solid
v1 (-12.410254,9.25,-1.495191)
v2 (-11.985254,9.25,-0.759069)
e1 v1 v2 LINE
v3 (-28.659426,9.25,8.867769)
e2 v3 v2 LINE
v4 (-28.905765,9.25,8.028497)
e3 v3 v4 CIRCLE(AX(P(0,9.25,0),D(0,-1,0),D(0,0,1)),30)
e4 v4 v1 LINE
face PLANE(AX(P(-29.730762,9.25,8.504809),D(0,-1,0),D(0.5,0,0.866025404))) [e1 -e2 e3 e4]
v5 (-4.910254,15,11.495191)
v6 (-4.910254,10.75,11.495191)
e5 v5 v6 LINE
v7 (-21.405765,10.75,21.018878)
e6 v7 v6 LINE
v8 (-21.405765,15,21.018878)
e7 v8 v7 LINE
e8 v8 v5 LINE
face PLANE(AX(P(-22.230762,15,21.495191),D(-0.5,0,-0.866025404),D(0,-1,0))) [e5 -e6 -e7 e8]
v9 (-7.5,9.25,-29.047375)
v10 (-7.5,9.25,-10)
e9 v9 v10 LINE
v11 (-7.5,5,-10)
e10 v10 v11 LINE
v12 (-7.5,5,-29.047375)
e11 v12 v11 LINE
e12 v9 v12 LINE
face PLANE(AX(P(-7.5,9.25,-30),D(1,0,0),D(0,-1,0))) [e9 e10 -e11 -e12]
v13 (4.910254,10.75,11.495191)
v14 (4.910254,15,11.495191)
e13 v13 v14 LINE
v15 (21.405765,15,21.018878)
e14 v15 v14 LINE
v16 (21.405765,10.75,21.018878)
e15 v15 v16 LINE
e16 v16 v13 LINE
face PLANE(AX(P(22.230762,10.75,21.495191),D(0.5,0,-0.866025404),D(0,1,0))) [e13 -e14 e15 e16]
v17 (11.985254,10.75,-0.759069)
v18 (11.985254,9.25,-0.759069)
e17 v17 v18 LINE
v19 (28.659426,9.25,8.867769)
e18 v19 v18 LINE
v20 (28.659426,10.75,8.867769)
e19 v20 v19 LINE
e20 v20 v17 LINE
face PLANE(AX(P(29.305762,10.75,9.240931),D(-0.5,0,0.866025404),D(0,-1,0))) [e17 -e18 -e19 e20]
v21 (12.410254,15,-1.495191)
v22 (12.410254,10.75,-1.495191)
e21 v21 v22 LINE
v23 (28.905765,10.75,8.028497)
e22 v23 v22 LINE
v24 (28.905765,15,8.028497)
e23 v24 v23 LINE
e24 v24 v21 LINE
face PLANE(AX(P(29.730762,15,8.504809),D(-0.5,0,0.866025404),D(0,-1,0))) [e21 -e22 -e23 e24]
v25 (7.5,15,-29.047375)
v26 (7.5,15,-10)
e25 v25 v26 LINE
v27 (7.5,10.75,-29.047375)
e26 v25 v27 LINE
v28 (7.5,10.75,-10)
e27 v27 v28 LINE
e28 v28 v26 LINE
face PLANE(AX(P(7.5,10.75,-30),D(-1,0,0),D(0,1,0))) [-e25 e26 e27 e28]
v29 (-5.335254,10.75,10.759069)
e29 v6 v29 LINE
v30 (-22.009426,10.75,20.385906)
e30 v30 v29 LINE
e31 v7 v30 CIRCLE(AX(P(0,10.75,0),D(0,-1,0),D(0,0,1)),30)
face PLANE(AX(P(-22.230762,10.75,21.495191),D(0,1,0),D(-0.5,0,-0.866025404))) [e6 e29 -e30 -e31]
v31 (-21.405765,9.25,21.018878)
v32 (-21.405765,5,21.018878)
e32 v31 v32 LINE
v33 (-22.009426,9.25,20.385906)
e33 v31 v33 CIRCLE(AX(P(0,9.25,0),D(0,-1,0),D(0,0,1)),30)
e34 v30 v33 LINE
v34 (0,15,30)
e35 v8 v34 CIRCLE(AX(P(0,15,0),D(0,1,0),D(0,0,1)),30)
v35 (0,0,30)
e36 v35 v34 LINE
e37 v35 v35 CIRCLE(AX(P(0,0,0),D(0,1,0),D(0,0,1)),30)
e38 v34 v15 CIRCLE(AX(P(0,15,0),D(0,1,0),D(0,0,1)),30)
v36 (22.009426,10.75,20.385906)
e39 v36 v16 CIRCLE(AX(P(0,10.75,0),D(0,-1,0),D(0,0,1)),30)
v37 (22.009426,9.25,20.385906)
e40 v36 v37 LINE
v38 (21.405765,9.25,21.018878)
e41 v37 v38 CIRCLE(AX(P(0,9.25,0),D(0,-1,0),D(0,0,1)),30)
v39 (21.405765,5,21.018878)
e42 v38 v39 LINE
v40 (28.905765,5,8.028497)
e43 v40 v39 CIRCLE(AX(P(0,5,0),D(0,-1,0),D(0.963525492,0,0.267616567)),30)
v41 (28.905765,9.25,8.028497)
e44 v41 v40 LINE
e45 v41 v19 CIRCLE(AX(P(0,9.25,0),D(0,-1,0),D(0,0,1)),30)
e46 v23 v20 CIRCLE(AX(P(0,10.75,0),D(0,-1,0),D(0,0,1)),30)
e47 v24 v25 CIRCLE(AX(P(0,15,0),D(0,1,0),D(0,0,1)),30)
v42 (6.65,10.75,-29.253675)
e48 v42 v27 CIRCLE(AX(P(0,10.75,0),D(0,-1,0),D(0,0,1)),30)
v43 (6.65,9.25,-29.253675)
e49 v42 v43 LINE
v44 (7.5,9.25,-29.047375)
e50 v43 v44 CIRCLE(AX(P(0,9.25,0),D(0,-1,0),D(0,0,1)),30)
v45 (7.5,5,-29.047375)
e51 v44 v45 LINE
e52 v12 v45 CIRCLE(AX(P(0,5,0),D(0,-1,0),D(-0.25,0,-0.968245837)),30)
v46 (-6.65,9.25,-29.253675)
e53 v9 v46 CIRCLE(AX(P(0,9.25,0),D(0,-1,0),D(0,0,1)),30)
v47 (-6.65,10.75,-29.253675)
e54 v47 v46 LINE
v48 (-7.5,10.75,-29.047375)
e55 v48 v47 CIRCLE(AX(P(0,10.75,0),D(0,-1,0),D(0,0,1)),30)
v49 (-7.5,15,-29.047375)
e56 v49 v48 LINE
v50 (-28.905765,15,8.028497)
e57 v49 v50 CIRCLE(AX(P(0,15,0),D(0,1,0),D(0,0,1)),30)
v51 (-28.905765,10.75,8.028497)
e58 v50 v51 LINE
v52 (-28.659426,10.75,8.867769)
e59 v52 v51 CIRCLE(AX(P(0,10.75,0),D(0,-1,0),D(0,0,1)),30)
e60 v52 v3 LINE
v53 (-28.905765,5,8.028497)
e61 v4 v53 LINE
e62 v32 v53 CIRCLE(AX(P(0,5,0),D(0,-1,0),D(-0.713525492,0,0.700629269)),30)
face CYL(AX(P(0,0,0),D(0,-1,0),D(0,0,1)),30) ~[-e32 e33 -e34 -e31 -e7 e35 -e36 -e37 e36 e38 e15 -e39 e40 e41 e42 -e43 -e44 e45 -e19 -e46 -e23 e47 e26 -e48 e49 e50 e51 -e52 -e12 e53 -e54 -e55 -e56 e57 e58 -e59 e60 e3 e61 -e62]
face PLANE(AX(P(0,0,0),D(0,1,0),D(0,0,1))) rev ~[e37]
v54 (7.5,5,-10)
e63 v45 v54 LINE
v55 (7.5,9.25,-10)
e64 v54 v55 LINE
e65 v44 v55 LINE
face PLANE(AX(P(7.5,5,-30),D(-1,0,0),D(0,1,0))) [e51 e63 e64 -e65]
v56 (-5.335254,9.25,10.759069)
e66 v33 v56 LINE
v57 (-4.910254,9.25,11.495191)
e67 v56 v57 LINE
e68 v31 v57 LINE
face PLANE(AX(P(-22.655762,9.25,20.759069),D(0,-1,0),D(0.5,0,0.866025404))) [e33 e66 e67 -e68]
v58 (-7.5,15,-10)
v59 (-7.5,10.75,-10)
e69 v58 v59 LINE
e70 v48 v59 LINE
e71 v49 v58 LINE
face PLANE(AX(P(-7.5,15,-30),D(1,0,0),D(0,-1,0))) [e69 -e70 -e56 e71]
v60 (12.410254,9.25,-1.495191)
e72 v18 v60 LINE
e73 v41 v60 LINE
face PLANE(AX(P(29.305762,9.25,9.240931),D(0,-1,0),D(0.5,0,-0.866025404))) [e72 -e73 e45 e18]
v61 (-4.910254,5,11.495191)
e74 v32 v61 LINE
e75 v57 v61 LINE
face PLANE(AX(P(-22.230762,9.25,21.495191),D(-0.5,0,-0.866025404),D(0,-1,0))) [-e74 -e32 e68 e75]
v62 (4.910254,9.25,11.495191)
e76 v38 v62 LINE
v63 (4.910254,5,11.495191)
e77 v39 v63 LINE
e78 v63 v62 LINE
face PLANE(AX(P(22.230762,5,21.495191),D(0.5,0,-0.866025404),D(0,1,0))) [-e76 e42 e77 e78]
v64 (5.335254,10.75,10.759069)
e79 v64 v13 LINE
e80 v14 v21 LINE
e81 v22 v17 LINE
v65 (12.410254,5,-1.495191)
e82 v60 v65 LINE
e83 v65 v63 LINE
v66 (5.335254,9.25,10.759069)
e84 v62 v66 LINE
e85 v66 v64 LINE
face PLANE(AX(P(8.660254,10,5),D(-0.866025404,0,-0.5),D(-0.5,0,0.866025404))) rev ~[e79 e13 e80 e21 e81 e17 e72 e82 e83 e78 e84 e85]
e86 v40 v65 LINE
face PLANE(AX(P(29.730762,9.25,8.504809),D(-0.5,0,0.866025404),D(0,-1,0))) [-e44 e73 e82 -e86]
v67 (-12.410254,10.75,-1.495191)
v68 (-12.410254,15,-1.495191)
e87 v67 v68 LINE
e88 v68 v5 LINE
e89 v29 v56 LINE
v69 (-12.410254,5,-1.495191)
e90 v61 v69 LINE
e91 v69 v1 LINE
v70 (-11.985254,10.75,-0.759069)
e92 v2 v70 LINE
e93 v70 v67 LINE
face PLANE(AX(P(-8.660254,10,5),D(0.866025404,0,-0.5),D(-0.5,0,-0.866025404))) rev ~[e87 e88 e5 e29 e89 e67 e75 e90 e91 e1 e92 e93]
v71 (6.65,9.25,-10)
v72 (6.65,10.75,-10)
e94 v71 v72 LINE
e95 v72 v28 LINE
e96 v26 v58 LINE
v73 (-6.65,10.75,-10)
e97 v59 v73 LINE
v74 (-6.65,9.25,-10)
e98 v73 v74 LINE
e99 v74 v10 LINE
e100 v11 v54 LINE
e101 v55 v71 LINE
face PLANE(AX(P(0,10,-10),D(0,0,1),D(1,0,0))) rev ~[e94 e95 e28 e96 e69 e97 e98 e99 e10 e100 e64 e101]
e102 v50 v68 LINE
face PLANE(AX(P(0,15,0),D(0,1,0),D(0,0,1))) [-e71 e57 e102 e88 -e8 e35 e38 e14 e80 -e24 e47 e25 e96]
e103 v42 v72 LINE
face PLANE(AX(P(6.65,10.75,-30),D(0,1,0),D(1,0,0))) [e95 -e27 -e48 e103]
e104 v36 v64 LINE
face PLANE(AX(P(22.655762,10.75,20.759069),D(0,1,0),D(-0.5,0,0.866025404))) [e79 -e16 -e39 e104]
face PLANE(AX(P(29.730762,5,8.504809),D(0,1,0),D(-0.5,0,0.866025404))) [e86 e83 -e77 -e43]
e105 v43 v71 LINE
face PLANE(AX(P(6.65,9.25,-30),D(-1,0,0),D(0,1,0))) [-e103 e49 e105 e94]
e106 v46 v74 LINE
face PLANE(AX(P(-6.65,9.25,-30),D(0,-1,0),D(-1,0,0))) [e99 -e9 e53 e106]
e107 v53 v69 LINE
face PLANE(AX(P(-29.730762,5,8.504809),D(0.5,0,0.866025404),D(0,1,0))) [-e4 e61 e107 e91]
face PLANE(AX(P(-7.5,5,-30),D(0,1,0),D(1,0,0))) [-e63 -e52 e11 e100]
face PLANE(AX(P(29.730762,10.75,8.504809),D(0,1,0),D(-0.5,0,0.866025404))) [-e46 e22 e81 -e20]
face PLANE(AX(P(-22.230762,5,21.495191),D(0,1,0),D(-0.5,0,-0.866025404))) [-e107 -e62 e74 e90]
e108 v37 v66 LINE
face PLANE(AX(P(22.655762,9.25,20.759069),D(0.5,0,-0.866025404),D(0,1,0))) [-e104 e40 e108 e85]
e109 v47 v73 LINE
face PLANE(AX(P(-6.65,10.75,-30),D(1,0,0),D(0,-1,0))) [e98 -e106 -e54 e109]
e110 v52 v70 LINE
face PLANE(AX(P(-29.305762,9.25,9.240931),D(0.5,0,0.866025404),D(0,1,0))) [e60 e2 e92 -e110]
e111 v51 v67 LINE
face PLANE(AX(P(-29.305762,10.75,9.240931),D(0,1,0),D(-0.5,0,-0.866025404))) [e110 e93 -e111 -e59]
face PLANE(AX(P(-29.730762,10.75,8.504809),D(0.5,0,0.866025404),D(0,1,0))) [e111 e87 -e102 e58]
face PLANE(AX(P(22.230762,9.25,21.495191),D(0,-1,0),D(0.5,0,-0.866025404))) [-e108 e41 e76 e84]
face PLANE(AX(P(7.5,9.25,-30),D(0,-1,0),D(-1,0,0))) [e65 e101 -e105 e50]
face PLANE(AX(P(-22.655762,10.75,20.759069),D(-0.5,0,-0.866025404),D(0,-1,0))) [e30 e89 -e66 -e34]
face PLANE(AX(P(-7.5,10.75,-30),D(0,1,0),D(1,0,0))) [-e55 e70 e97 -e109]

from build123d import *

# Parameters (mm, degrees)
SKETCH1_R           = 30
BOSS_EXTRUDE1_DEPTH = 15
CUT_EXTRUDE1_DEPTH  = 20
CIRPATTERN1_COUNT   = 3


with BuildPart() as part:
    # Sketch1 → Boss-Extrude1 (new body)
    with BuildSketch(Plane(origin=(0, 0, 0), x_dir=(1, 0, 0), z_dir=(0, 1, 0))):
        with Locations(Location((0, 0, 0), (0, 0, 270))):
            Circle(SKETCH1_R)
    extrude(amount=BOSS_EXTRUDE1_DEPTH)

    # Sketch4 → Cut-Extrude1 (cut)
    with BuildSketch(Plane(origin=(0, 15, -30), x_dir=(-1, 0, 0), z_dir=(0, 0, -1))):
        Polygon((-7.5, -10), (-7.5, -5.75), (-6.65, -5.75), (-6.65, -4.25), (-7.5, -4.25), (-7.5, 0), (7.5, 0), (7.5, -4.25), (6.65, -4.25), (6.65, -5.75), (7.5, -5.75), (7.5, -10), align=None)
    cut_extrude1 = extrude(amount=-CUT_EXTRUDE1_DEPTH, mode=Mode.SUBTRACT)

    # CirPattern1: Cut-Extrude1 ×3 about axis
    cirpattern1_axis = Axis((0, 0, 0), (0, 1, 0))
    for i in range(1, CIRPATTERN1_COUNT):
        add(cut_extrude1.rotate(cirpattern1_axis, i * 360 / CIRPATTERN1_COUNT), mode=Mode.SUBTRACT)


solid = part.part
